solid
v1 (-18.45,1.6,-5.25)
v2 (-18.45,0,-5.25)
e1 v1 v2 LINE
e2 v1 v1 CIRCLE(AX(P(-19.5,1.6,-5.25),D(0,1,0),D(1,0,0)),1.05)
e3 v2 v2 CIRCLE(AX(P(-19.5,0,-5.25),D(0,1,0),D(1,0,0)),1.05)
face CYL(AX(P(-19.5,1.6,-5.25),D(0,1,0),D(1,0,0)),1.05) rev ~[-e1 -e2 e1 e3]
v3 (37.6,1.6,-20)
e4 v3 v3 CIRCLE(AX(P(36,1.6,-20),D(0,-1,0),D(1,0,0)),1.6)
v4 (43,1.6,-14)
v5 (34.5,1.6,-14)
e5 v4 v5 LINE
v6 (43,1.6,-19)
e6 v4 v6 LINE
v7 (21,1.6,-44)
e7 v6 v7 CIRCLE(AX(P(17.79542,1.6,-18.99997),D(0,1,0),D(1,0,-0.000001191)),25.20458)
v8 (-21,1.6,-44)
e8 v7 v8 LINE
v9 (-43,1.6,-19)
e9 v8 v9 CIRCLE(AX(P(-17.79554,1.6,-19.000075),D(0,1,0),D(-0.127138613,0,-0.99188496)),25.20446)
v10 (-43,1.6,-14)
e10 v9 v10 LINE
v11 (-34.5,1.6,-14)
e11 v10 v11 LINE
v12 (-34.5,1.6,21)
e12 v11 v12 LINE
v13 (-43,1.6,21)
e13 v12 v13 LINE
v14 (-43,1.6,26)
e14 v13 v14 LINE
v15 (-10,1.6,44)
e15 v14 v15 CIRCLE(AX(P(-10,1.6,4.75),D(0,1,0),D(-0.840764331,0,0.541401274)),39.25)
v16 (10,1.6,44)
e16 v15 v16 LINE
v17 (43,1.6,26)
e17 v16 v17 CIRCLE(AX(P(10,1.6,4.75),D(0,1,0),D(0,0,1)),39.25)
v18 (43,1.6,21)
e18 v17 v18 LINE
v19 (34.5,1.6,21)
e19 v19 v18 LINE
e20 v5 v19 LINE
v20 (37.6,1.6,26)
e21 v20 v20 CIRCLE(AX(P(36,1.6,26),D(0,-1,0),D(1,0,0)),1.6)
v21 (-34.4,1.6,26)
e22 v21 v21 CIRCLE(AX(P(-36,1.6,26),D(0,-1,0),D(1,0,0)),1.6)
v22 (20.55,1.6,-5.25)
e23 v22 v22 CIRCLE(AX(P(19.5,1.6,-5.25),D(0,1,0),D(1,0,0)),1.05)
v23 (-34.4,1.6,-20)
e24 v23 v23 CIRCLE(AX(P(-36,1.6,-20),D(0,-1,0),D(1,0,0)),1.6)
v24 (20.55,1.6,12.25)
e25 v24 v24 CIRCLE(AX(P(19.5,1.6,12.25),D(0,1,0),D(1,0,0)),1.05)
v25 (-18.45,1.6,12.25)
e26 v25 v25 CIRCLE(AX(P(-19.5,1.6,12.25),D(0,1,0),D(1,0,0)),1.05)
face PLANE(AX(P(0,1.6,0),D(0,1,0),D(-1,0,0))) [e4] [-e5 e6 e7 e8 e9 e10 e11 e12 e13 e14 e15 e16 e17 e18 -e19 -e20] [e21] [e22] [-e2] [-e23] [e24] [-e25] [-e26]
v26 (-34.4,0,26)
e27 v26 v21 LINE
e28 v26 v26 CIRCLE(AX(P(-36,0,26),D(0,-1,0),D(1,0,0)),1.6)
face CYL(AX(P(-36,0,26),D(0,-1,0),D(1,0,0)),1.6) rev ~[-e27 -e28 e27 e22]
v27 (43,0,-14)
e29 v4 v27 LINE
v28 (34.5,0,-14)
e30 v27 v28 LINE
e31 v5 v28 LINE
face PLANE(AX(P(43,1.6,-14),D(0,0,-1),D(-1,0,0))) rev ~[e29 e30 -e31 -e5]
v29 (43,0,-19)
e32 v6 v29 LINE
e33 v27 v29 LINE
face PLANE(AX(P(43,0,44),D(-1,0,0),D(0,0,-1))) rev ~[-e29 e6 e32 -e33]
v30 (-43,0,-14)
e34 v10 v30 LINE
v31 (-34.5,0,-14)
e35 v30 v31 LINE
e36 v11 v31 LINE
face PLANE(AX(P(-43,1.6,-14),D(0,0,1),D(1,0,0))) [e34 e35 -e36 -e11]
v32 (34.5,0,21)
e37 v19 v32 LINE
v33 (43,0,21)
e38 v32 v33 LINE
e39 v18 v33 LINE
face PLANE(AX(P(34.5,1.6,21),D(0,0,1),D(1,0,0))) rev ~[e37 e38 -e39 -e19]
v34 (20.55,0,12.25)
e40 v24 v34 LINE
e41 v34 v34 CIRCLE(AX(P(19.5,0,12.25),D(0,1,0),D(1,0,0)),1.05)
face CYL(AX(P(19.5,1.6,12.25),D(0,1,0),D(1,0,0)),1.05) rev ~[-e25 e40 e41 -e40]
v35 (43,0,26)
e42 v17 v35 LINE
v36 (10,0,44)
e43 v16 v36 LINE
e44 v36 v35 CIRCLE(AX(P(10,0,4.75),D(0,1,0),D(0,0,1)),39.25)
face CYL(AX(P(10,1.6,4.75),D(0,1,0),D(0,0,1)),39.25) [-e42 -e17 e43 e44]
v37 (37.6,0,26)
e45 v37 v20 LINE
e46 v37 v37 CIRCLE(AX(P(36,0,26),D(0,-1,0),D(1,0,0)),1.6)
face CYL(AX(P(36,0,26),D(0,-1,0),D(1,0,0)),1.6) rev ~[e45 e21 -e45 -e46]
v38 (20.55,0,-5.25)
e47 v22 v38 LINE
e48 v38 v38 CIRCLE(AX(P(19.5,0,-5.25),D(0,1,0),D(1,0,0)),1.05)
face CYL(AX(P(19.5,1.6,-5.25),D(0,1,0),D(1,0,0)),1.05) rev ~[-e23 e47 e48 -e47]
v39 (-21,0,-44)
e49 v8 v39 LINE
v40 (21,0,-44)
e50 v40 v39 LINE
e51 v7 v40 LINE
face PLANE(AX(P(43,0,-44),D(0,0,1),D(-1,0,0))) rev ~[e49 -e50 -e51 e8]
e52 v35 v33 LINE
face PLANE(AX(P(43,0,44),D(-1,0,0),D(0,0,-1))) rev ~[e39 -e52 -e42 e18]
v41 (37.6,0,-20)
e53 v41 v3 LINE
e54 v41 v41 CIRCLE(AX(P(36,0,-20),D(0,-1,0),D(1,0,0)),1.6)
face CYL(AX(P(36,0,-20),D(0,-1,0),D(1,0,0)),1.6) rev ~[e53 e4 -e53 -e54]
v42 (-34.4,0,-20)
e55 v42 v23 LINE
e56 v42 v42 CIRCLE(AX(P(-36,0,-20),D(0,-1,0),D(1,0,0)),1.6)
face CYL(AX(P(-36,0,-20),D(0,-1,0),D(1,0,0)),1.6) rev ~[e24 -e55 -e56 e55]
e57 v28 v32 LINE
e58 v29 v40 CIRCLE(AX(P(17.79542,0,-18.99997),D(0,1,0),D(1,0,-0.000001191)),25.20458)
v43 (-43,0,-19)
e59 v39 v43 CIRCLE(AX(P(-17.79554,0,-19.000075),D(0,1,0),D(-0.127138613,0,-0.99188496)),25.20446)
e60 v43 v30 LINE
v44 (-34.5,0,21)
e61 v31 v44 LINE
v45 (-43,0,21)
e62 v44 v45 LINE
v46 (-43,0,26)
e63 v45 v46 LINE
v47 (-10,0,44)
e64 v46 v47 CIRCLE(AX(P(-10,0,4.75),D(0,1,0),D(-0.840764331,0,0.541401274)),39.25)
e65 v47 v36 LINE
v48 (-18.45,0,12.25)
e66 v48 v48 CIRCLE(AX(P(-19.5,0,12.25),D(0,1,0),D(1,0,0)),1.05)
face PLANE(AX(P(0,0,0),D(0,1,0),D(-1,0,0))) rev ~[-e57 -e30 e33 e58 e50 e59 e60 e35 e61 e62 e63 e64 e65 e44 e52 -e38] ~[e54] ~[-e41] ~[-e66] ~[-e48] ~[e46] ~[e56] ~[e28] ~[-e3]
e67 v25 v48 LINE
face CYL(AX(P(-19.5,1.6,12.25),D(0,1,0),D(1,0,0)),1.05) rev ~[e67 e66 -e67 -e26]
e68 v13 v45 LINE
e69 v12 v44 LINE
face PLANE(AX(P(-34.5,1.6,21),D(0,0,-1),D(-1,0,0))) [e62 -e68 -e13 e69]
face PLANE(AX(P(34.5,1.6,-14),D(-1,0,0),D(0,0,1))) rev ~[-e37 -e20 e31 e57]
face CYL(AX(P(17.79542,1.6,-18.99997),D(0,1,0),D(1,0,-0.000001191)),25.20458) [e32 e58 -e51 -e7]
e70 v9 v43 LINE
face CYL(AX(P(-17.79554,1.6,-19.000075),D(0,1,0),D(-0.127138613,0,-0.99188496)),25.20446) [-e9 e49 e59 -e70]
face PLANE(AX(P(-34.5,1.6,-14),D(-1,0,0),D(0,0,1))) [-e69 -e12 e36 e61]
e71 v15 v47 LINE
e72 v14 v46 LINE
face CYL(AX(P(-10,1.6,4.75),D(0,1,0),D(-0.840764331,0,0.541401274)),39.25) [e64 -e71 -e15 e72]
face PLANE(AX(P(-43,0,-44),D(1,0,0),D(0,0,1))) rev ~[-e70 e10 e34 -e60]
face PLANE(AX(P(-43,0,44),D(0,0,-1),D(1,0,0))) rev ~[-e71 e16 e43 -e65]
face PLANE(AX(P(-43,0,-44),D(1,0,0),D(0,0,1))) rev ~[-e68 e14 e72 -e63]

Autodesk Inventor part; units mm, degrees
ref_plane "YZ Plane" through (0, 0, 0) normal (1, 0, 0) x (0, 1, 0)
ref_plane "XZ Plane" through (0, 0, 0) normal (0, 1, 0) x (-1, 0, 0)
ref_plane "XY Plane" through (0, 0, 0) normal (0, 0, 1) x (1, 0, 0)
sketch "Esquisse1" plane through (0, 0, 0) normal (0, 1, 0) x (-1, 0, 0)
  line L0 (-43, -44) -> (43, -44)
  line L1 (43, -44) -> (43, 44)
  line L2 (43, 44) -> (-43, 44)
  line L3 (-43, 44) -> (-43, -44)
  point P0 (0, 0)
  dimension "d0" = 86
  dimension "d1" = 88
  dimension "d2" = 43
  dimension "d3" = 44
extrude "Carre de base" add sketch "Esquisse1" along normal blind 1.6
sketch "Esquisse2" plane through (0, 1.6, 0) normal (0, 1, 0) x (1, 0, 0)
  line L0 (43, 44) -> (-43, 44) projected
  line L1 (-43, 44) -> (-43, -44) projected
  line L2 (-43, -44) -> (43, -44) projected
  line L3 (43, -44) -> (43, 44) projected
  line L4 (-43, 14) -> (-34.5, 14)
  line L5 (-34.5, 14) -> (-34.5, -21)
  line L6 (-34.5, -21) -> (-43, -21)
  line L7 (43, 14) -> (34.5, 14)
  line L8 (34.5, 14) -> (34.5, -21)
  line L9 (34.5, -21) -> (43, -21)
  line L10 (-43, -21) -> (-43, -26)
  line L11 (43, -21) -> (43, -26)
  line L12 (-43, 14) -> (-43, 19)
  line L13 (43, 14) -> (43, 19)
  line L14 (10, -44) -> (-10, -44)
  line L15 (21, 44) -> (-21, 44)
  arc A0 (10, -44) -> (43, -26) centre (10, -4.75) ccw
  arc A1 (-43, -26) -> (-10, -44) centre (-10, -4.75) ccw
  arc A2 (43, 19) -> (21, 44) centre (17.7955, 19) ccw
  arc A3 (-21, 44) -> (-43, 19) centre (-17.7955, 19) ccw
  point P0 (0, 0)
  dimension "d6" = 35
  dimension "d7" = 30
  dimension "d8" = 30
  dimension "d9" = 8.5
  dimension "d10" = 8.5
  dimension "d11" = 35
  dimension "d13" = 5
  dimension "d14" = 5
  dimension "d15" = 5
  dimension "d16" = 5
  dimension "d21" = 20
  dimension "d22" = 10
  dimension "d23" = 42
  dimension "d24" = 21
  dimension "d25" = 39.25
  dimension "d26" = 39.25
  dimension "d27" = 25.2046
  dimension "d28" = 25.2046
extrude "Evidement" cut sketch "Esquisse2" against normal through all contours L3 A2 L0 | A3 L1 L0 | L3 L9 L8 L7 | L4 L5 L6 L1 | L3 L2 A0 | A1 L2 L1
sketch "Esquisse3" plane through (0, 1.6, 0) normal (0, 1, 0) x (1, 0, 0)
  line L0 (34.5, -21) -> (34.5, 14) projected
  line L1 (-34.5, 14) -> (-34.5, -21) projected
  circle A0 centre (-19.5, 5.25) radius 1.05
  circle A1 centre (-19.5, -12.25) radius 1.05
  circle A2 centre (19.5, 5.25) radius 1.05
  circle A3 centre (19.5, -12.25) radius 1.05
  point P0 (0, 0)
  dimension "d31" = 2.1
  dimension "d32" = 17.5
  dimension "d33" = 2.1
  dimension "d34" = 2.1
  dimension "d35" = 2.1
  dimension "d36" = 17.5
  dimension "d37" = 15
  dimension "d38" = 15
  dimension "d39" = 15
  dimension "d40" = 15
  dimension "d41" = 35
  dimension "d42" = 8.75
  dimension "d43" = 8.75
extrude "Extrusion4" cut sketch "Esquisse3" against normal through all
sketch "Esquisse6" plane through (0, 0, 0) normal (0, -1, 0) x (1, 0, 0)
  circle A0 centre (-36, 26) radius 1.6
  circle A1 centre (36, 26) radius 1.6
  circle A2 centre (36, -20) radius 1.6
  circle A3 centre (-36, -20) radius 1.6
  point P0 (0, 0)
  dimension "d59" = 36
  dimension "d60" = 36
  dimension "d61" = 36
  dimension "d62" = 36
  dimension "d63" = 26
  dimension "d64" = 26
  dimension "d65" = 20
  dimension "d66" = 20
  dimension "d67" = 3.2
  dimension "d68" = 3.2
  dimension "d69" = 3.2
  dimension "d70" = 3.2
extrude "Extrusion7" cut sketch "Esquisse6" against normal through all
equation "\"d2\" = 0.5 * d0"
equation "\"d3\" = 0.5 * d1"
equation "\"d8\" = d7"
equation "\"d9\" = d10"
equation "\"d11\" = d6"
equation "\"d13\" = d14"
equation "\"d15\" = d16"
equation "\"d22\" = 0.5 * d21"
equation "\"d24\" = 0.5 * d23"
equation "\"d26\" = d25"
equation "\"d28\" = d27"
equation "\"d33\" = d31"
equation "\"d34\" = d31"
equation "\"d35\" = d31"
equation "\"d36\" = d32"
equation "\"d38\" = d37"
equation "\"d39\" = d37"
equation "\"d40\" = d37"
equation "\"d42\" = -0.5 * d36 + 0.5 * d41"
equation "\"d43\" = d42"
equation "\"d60\" = d59"
equation "\"d61\" = d59"
equation "\"d62\" = d59"
equation "\"d64\" = d63"
equation "\"d66\" = d65"
equation "\"d68\" = d67"
equation "\"d69\" = d67"
equation "\"d70\" = d67"
properties part number "pcb"
